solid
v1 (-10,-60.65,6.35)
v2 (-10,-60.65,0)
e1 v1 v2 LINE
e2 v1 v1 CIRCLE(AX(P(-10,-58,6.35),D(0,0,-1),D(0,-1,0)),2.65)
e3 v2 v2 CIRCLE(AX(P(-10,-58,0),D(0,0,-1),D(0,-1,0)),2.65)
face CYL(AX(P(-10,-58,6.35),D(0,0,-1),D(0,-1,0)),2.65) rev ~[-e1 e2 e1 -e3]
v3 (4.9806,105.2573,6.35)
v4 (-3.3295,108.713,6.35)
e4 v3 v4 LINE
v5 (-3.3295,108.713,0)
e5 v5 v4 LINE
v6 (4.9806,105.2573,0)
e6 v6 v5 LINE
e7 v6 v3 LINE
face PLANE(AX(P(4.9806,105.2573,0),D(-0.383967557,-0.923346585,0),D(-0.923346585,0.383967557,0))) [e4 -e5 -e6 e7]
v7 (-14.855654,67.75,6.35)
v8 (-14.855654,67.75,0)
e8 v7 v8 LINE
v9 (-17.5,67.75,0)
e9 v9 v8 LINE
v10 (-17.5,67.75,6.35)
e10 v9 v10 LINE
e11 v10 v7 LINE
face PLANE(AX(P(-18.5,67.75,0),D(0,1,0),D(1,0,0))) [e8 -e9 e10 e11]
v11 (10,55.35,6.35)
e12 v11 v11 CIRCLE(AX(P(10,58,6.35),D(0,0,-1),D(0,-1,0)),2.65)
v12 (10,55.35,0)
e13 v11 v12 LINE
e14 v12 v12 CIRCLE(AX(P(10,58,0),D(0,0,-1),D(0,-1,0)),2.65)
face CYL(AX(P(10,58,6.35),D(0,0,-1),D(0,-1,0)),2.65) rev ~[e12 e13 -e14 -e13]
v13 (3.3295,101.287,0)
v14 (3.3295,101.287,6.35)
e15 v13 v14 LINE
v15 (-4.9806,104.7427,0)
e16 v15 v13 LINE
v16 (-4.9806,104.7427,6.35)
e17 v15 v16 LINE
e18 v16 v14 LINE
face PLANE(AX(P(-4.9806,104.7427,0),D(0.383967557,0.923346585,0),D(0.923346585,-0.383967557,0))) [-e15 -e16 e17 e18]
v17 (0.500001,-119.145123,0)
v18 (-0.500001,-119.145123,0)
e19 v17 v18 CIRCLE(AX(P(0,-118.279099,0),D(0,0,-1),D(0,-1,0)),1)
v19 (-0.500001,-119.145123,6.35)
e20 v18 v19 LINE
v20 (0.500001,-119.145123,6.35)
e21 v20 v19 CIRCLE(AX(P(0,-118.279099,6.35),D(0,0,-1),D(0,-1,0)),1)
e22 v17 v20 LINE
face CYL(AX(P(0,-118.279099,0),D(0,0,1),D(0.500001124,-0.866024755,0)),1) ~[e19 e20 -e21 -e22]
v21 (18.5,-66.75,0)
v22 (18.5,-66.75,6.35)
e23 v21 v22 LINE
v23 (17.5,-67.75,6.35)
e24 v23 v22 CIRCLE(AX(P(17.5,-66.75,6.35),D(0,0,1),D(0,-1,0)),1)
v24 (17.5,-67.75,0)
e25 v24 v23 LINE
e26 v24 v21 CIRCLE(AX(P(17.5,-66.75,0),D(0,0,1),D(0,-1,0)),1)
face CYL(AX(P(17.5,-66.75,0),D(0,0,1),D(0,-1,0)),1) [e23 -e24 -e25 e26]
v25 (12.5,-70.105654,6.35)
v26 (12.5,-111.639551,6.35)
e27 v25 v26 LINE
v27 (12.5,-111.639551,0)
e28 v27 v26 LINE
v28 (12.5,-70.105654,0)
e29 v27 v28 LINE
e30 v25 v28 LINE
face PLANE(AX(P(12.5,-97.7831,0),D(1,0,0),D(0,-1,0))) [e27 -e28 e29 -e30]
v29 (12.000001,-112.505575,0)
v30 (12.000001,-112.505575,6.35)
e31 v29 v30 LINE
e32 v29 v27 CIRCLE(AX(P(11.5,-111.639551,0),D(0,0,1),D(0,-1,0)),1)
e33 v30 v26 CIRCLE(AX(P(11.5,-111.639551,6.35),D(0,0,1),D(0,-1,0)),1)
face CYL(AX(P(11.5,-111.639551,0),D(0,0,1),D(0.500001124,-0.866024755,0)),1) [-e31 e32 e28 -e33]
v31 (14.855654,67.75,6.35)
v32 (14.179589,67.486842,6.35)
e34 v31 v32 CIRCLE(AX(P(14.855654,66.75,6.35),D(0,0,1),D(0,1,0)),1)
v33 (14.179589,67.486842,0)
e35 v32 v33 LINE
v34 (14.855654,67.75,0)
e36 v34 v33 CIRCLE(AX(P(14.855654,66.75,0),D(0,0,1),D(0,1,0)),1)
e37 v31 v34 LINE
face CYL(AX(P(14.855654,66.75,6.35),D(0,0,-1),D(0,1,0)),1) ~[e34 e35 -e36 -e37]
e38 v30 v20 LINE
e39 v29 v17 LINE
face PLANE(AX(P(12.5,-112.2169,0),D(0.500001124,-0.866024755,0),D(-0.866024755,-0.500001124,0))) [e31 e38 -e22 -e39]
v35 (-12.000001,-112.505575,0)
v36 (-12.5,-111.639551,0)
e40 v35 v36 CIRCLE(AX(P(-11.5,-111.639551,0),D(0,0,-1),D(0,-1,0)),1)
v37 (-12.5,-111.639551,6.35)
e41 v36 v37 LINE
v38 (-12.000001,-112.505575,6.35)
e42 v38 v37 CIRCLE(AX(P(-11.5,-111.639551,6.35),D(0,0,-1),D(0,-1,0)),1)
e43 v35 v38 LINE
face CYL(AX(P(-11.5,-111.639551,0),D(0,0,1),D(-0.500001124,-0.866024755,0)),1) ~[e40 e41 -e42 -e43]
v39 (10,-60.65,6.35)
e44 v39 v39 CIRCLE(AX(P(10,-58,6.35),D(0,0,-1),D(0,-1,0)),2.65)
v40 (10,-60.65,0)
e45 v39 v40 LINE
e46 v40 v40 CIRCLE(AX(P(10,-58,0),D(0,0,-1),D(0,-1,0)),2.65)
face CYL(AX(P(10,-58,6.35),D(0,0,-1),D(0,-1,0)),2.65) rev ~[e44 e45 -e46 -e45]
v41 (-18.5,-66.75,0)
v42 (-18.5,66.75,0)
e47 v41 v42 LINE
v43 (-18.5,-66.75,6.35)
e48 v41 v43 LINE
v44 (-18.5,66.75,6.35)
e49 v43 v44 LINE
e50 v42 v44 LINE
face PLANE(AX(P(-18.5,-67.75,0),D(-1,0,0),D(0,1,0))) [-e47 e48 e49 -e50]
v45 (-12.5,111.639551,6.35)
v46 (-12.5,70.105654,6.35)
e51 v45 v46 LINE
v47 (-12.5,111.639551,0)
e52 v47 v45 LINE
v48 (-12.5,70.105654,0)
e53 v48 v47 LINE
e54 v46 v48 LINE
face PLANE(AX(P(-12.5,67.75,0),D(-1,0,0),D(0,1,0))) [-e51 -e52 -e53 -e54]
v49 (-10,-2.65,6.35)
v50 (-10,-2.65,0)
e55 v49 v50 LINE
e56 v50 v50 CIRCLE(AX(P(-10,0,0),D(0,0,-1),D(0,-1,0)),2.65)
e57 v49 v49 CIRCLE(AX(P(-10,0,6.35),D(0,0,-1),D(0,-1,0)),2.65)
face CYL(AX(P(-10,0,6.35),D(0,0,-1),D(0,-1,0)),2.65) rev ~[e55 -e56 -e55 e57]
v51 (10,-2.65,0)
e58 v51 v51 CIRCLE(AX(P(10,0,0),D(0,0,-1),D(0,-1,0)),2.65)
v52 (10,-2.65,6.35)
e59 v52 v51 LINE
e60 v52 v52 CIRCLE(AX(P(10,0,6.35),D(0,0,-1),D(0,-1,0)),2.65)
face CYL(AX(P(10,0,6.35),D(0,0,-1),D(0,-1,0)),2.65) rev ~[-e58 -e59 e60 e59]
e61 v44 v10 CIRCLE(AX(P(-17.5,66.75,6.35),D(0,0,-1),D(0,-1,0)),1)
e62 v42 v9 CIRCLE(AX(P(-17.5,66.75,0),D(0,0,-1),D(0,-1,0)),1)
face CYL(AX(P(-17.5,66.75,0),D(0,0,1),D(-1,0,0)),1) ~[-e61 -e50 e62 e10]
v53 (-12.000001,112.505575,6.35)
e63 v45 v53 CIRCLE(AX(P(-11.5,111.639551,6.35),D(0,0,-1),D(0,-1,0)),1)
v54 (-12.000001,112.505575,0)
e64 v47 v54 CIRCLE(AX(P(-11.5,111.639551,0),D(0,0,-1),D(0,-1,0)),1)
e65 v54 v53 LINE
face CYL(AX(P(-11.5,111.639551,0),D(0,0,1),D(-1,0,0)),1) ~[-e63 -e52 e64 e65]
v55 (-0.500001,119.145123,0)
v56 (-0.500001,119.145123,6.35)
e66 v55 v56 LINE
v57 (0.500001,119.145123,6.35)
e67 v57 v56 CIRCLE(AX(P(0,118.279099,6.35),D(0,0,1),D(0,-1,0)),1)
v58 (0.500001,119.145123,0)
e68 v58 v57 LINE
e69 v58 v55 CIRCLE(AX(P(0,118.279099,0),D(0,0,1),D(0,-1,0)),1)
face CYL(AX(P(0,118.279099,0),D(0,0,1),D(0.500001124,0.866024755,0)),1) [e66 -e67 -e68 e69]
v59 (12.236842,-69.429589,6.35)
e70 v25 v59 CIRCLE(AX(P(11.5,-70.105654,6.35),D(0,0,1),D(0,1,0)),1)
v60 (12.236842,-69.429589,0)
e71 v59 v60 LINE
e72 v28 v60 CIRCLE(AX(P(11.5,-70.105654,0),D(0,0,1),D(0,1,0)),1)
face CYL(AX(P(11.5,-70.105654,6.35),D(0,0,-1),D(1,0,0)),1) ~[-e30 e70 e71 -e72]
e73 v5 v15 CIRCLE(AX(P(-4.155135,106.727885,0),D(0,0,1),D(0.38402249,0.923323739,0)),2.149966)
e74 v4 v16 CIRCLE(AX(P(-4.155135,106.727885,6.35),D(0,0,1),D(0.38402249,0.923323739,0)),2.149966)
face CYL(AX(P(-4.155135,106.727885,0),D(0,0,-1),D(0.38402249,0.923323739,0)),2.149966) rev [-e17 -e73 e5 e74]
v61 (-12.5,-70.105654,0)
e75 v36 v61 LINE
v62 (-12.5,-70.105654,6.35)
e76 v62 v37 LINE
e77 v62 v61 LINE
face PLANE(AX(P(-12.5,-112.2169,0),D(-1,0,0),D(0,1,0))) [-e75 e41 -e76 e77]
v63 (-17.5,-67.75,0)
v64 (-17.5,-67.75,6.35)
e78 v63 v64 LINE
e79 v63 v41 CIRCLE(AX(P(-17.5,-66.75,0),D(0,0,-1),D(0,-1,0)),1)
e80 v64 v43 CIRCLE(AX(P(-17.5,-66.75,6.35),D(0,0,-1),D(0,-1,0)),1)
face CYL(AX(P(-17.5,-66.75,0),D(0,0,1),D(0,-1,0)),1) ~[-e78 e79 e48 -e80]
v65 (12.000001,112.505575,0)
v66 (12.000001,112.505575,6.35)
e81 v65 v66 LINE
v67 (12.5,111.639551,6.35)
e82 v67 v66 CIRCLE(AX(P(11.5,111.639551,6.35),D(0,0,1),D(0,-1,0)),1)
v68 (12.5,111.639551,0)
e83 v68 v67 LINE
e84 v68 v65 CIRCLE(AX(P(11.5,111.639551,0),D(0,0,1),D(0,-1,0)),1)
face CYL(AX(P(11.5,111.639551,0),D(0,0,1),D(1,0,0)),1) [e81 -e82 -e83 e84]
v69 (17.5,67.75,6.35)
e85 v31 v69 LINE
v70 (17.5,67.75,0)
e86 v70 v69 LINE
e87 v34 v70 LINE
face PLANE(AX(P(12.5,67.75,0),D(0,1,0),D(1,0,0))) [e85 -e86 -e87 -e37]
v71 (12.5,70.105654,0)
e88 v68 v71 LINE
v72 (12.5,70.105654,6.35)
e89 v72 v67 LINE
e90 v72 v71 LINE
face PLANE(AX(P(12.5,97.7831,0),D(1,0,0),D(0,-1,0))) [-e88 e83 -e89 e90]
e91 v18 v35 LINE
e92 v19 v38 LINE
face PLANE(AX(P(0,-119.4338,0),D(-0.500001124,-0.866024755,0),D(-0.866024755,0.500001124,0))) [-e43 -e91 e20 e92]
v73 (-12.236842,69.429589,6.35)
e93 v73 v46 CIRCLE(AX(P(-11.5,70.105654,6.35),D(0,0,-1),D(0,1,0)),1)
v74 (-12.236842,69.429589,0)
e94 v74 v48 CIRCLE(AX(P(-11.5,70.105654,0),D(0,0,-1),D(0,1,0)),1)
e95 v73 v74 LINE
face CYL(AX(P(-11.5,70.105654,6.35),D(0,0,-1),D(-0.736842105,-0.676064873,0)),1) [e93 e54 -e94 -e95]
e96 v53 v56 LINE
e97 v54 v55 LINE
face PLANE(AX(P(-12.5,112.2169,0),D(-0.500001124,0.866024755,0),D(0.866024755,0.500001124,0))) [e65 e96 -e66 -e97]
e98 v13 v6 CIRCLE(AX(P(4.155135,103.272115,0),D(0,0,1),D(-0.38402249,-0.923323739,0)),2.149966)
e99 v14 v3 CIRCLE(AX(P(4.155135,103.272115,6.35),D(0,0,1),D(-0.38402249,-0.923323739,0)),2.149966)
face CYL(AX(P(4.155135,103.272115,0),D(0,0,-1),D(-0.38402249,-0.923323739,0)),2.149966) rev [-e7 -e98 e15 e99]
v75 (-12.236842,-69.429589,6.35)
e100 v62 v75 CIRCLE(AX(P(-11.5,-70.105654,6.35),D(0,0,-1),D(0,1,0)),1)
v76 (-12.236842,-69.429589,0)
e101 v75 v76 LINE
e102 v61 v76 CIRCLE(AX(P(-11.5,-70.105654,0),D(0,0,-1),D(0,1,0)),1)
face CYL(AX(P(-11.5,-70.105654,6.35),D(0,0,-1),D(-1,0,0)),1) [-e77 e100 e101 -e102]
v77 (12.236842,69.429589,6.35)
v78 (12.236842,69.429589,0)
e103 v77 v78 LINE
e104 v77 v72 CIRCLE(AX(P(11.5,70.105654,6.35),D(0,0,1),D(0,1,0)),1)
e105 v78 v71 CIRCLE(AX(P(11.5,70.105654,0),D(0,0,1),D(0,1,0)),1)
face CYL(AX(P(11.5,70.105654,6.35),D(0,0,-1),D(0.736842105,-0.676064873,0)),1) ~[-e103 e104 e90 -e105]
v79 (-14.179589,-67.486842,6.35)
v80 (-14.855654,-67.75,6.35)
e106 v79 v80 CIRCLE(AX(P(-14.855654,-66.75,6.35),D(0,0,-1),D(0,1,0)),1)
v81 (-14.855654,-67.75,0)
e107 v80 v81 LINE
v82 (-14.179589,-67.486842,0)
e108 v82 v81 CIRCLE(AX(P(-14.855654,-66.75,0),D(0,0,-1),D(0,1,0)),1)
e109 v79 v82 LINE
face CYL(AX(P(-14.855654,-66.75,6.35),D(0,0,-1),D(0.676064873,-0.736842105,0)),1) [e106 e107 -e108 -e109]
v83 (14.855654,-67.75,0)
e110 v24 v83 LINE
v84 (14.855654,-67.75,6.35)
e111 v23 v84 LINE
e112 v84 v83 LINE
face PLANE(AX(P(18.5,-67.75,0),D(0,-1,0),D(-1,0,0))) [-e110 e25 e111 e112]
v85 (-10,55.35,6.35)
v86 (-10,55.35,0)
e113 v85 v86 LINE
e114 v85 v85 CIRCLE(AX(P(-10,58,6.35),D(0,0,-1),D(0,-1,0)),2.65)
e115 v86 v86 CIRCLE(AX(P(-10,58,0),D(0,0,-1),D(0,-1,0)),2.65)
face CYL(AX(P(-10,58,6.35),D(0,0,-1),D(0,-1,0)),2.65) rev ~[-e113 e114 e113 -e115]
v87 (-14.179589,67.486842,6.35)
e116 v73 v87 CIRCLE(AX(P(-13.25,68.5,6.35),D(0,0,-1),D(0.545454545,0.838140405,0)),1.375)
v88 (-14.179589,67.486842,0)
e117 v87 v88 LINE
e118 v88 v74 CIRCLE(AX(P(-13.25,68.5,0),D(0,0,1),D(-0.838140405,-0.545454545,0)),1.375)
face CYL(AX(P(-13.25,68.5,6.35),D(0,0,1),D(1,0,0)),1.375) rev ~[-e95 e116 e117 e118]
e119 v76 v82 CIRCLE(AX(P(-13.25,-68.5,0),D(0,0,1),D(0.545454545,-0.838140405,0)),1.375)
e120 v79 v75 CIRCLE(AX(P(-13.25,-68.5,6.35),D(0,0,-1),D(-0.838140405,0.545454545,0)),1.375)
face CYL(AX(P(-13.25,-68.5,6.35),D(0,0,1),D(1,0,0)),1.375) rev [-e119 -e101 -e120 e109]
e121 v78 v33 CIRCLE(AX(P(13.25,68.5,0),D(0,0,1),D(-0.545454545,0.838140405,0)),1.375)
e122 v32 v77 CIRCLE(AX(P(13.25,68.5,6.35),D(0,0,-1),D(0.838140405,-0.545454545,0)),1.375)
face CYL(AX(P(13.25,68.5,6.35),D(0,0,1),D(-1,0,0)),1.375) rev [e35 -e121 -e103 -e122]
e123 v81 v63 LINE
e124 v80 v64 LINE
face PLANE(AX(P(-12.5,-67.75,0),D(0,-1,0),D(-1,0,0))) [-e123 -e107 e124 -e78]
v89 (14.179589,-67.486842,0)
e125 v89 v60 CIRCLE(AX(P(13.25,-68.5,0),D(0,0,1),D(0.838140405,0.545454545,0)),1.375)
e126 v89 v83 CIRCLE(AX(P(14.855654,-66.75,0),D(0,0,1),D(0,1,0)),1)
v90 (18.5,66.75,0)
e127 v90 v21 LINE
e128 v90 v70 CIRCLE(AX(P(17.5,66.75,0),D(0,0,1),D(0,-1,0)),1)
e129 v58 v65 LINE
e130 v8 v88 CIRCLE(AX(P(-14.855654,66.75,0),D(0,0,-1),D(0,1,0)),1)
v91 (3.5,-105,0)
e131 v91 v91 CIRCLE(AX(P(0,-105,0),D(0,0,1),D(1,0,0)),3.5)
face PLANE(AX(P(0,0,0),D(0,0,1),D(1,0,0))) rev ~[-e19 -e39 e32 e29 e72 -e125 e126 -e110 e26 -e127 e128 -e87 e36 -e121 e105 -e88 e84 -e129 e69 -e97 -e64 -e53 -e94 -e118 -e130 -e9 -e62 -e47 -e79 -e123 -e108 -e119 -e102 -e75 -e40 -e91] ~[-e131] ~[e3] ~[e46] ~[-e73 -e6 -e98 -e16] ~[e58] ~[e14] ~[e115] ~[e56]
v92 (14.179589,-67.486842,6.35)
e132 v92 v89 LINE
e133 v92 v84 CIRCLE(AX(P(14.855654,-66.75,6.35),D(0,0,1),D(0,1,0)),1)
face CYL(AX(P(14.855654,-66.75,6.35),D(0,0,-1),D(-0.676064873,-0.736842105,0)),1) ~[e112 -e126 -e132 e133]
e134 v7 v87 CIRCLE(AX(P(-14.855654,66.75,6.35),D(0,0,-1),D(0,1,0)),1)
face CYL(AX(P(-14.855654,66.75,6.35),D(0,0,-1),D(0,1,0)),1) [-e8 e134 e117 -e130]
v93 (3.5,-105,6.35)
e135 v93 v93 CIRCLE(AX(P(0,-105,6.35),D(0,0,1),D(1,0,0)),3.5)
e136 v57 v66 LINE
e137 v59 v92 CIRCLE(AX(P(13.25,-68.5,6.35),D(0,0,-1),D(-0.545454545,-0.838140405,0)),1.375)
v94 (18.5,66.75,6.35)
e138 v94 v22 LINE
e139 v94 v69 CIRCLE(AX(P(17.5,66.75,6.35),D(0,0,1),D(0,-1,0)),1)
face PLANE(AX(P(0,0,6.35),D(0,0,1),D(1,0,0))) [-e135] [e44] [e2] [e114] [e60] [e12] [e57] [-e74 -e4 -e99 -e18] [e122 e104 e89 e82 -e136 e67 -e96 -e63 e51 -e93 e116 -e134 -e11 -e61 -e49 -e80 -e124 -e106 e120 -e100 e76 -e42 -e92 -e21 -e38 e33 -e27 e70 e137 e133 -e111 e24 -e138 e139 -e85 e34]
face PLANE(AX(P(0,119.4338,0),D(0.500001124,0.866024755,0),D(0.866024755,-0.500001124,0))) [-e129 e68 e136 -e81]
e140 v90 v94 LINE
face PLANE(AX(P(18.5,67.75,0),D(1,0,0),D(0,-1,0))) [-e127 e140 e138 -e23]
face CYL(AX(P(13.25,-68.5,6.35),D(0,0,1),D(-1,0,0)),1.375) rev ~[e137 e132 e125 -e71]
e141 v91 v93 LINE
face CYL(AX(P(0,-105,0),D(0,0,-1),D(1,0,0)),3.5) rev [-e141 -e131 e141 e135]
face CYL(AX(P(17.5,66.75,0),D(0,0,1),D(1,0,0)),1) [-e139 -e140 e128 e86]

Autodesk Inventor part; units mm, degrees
ref_plane "YZ Plane" through (0, 0, 0) normal (1, 0, 0) x (0, 1, 0)
ref_plane "XZ Plane" through (0, 0, 0) normal (0, 1, 0) x (-1, 0, 0)
ref_plane "XY Plane" through (0, 0, 0) normal (0, 0, 1) x (1, 0, 0)
sketch "Sketch1" plane through (0, 0, 0) normal (0, 0, 1) x (1, 0, 0)
  line L0 (12.5, -112.2169) -> (-12.5, -112.2169)
  line L1 (-12.5, -112.2169) -> (-12.5, 112.2169)
  line L2 (-12.5, 112.2169) -> (12.5, 112.2169)
  line L3 (12.5, 112.2169) -> (12.5, -112.2169)
  line L4 (12.5, -112.2169) -> (-12.5, 112.2169) construction
  line L5 (-12.5, -112.2169) -> (12.5, 112.2169) construction
  line L6 (0, 105) -> (0, -105) construction
  line L7 (-12.5, 112.2169) -> (0, 119.4338)
  line L8 (0, 119.4338) -> (12.5, 112.2169)
  line L9 (12.5, 112.2169) -> (12.5, 97.7831)
  line L10 (12.5, 97.7831) -> (0, 90.5662)
  line L11 (0, 90.5662) -> (-12.5, 97.7831)
  line L12 (-12.5, 97.7831) -> (-12.5, 112.2169)
  line L13 (-12.5, -112.2169) -> (-12.5, -97.7831)
  line L14 (-12.5, -97.7831) -> (0, -90.5662)
  line L15 (0, -90.5662) -> (12.5, -97.7831)
  line L16 (12.5, -97.7831) -> (12.5, -112.2169)
  line L17 (12.5, -112.2169) -> (0, -119.4338)
  line L18 (0, -119.4338) -> (-12.5, -112.2169)
  line L19 (-4.1551, 106.7278) -> (4.1551, 103.2722) construction
  line L20 (-4.9806, 104.7427) -> (3.3295, 101.287)
  line L21 (4.9806, 105.2573) -> (-3.3295, 108.713)
  arc A0 (-3.3295, 108.713) -> (-4.9806, 104.7427) centre (-4.1551, 106.7278) ccw
  arc A1 (3.3295, 101.287) -> (4.9806, 105.2573) centre (4.1551, 103.2722) ccw
  circle A2 centre (0, -105) radius 3.5
  line L22 (18.5, -67.75) -> (-18.5, -67.75)
  line L23 (-18.5, -67.75) -> (-18.5, 67.75)
  line L24 (-18.5, 67.75) -> (18.5, 67.75)
  line L25 (18.5, 67.75) -> (18.5, -67.75)
  line L26 (18.5, -67.75) -> (-18.5, 67.75) construction
  line L27 (-18.5, -67.75) -> (18.5, 67.75) construction
  circle A3 centre (0, 0) radius 12.7
  point P0 (252.5, 0)
  point P1 (-12.5, -67.75)
  point P2 (12.5, -112.2169)
  point P3 (-12.5, 67.75)
  point P4 (12.5, 67.75)
  point P5 (12.5, -67.75)
  point P6 (12.5, 97.7831)
  point P7 (-12.5, 112.2169)
  point P8 (12.5, -97.7831)
  point P9 (-12.5, -112.2169)
  point P10 (12.5, -112.2169)
  point P11 (12.5, -2.245)
  point P12 (-12.5, -2.245)
  point P13 (-12.5, 2.245)
  point P14 (12.5, 2.245)
  dimension "d0" = 25
  dimension "d1" = 252.5
  dimension "d2" = 210
  dimension "d3" = 4.3
  dimension "d4" = 9
  dimension "d5" = 7
  dimension "d12" = 135.5
  dimension "d13" = 37
  dimension "d43" = 25.4
extrude "Extrusion1" add sketch "Sketch1" along normal blind 6.35
sketch "Sketch2" plane through (0, 0, 6.35) normal (0, 0, 1) x (1, 0, 0)
  line L0 (-18.5, 67.75) -> (-18.5, -67.75) projected
  line L1 (-18.5, -67.75) -> (-12.5, -67.75) projected
  line L2 (-12.5, -67.75) -> (-12.5, -112.2169) projected
  line L3 (-12.5, -112.2169) -> (0, -119.4338) projected
  line L4 (0, -119.4338) -> (12.5, -112.2169) projected
  line L5 (12.5, -112.2169) -> (12.5, -67.75) projected
  line L6 (12.5, -67.75) -> (18.5, -67.75) projected
  line L7 (18.5, -67.75) -> (18.5, 67.75) projected
  line L8 (18.5, 67.75) -> (12.5, 67.75) projected
  line L9 (12.5, 67.75) -> (12.5, 112.2169) projected
  line L10 (12.5, 112.2169) -> (0, 119.4338) projected
  line L11 (0, 119.4338) -> (-12.5, 112.2169) projected
  line L12 (-12.5, 112.2169) -> (-12.5, 67.75) projected
  line L13 (-12.5, 67.75) -> (-18.5, 67.75) projected
  arc A0 (-3.3295, 108.713) -> (-4.9806, 104.7427) centre (-4.1551, 106.7278) ccw projected
  line L14 (-3.3295, 108.713) -> (4.9806, 105.2573) projected
  arc A1 (3.3295, 101.287) -> (4.9806, 105.2573) centre (4.1551, 103.2722) ccw projected
  line L15 (3.3295, 101.287) -> (-4.9806, 104.7427) projected
  circle A2 centre (0, -105) radius 3.5 projected
  circle A3 centre (-13.25, 68.5) radius 1.375
  point P0 (0, 0)
  point P1 (-12.5, 69.6524)
  point P2 (-14.4024, 67.75)
  dimension "d16" = 0.75
  dimension "d17" = 2.75
  dimension "d18" = 0.75
extrude "Extrusion2" cut sketch "Sketch2" against normal through all contours L13 L12 A3 picked at (-12.4132, 68.945)
mirror "Mirror1" about plane through (0, 0, 0) normal (1, 0, 0) of "Extrusion2"
mirror "Mirror2" about plane through (0, 0, 0) normal (0, 1, 0) of "Extrusion2", "Mirror1"
sketch "Sketch4" plane through (0, 0, 6.35) normal (0, 0, 1) x (1, 0, 0)
  line L0 (-18.5, -67.75) -> (-14.4024, -67.75) construction
  line L1 (10, -58) -> (-10, -58) construction
  line L2 (-10, -58) -> (-10, 58) construction
  line L3 (-10, 58) -> (10, 58) construction
  line L4 (10, 58) -> (10, -58) construction
  line L5 (10, -58) -> (-10, 58) construction
  line L6 (-10, -58) -> (10, 58) construction
  point P0 (0, 0)
  point P1 (10, 0)
  point P2 (-10, 0)
  dimension "d45" = 20
  dimension "d46" = 116
hole "Hole2" at (10, -58, 6.35) at (-10, -58, 6.35) at (-10, 0, 6.35) at (10, 0, 6.35) at (10, 58, 6.35) at (-10, 58, 6.35) direction (0, 0, -1) diameter 5.3 end through all
fillet "Fillet3" radius 1 18 edges at (-18.5, 67.75, 3.175) (-18.5, -67.75, 3.175) (14.4024, -67.75, 3.175) (-14.4024, -67.75, 3.175) (-12.5, -69.6524, 3.175) (18.5, -67.75, 3.175) (12.5, -69.6524, 3.175) (0, -119.4338, 3.175) (12.5, -112.2169, 3.175) (-12.5, -112.2169, 3.175) (18.5, 67.75, 3.175) (-14.4024, 67.75, 3.175) (14.4024, 67.75, 3.175) (0, 119.4338, 3.175) (-12.5, 112.2169, 3.175) (-12.5, 69.6524, 3.175) (12.5, 69.6524, 3.175) (12.5, 112.2169, 3.175)
equation "\"d18\" = d16"
properties part number "Z-Axis Nut and Bed Plate RevIII" material "Aluminum 6061"
